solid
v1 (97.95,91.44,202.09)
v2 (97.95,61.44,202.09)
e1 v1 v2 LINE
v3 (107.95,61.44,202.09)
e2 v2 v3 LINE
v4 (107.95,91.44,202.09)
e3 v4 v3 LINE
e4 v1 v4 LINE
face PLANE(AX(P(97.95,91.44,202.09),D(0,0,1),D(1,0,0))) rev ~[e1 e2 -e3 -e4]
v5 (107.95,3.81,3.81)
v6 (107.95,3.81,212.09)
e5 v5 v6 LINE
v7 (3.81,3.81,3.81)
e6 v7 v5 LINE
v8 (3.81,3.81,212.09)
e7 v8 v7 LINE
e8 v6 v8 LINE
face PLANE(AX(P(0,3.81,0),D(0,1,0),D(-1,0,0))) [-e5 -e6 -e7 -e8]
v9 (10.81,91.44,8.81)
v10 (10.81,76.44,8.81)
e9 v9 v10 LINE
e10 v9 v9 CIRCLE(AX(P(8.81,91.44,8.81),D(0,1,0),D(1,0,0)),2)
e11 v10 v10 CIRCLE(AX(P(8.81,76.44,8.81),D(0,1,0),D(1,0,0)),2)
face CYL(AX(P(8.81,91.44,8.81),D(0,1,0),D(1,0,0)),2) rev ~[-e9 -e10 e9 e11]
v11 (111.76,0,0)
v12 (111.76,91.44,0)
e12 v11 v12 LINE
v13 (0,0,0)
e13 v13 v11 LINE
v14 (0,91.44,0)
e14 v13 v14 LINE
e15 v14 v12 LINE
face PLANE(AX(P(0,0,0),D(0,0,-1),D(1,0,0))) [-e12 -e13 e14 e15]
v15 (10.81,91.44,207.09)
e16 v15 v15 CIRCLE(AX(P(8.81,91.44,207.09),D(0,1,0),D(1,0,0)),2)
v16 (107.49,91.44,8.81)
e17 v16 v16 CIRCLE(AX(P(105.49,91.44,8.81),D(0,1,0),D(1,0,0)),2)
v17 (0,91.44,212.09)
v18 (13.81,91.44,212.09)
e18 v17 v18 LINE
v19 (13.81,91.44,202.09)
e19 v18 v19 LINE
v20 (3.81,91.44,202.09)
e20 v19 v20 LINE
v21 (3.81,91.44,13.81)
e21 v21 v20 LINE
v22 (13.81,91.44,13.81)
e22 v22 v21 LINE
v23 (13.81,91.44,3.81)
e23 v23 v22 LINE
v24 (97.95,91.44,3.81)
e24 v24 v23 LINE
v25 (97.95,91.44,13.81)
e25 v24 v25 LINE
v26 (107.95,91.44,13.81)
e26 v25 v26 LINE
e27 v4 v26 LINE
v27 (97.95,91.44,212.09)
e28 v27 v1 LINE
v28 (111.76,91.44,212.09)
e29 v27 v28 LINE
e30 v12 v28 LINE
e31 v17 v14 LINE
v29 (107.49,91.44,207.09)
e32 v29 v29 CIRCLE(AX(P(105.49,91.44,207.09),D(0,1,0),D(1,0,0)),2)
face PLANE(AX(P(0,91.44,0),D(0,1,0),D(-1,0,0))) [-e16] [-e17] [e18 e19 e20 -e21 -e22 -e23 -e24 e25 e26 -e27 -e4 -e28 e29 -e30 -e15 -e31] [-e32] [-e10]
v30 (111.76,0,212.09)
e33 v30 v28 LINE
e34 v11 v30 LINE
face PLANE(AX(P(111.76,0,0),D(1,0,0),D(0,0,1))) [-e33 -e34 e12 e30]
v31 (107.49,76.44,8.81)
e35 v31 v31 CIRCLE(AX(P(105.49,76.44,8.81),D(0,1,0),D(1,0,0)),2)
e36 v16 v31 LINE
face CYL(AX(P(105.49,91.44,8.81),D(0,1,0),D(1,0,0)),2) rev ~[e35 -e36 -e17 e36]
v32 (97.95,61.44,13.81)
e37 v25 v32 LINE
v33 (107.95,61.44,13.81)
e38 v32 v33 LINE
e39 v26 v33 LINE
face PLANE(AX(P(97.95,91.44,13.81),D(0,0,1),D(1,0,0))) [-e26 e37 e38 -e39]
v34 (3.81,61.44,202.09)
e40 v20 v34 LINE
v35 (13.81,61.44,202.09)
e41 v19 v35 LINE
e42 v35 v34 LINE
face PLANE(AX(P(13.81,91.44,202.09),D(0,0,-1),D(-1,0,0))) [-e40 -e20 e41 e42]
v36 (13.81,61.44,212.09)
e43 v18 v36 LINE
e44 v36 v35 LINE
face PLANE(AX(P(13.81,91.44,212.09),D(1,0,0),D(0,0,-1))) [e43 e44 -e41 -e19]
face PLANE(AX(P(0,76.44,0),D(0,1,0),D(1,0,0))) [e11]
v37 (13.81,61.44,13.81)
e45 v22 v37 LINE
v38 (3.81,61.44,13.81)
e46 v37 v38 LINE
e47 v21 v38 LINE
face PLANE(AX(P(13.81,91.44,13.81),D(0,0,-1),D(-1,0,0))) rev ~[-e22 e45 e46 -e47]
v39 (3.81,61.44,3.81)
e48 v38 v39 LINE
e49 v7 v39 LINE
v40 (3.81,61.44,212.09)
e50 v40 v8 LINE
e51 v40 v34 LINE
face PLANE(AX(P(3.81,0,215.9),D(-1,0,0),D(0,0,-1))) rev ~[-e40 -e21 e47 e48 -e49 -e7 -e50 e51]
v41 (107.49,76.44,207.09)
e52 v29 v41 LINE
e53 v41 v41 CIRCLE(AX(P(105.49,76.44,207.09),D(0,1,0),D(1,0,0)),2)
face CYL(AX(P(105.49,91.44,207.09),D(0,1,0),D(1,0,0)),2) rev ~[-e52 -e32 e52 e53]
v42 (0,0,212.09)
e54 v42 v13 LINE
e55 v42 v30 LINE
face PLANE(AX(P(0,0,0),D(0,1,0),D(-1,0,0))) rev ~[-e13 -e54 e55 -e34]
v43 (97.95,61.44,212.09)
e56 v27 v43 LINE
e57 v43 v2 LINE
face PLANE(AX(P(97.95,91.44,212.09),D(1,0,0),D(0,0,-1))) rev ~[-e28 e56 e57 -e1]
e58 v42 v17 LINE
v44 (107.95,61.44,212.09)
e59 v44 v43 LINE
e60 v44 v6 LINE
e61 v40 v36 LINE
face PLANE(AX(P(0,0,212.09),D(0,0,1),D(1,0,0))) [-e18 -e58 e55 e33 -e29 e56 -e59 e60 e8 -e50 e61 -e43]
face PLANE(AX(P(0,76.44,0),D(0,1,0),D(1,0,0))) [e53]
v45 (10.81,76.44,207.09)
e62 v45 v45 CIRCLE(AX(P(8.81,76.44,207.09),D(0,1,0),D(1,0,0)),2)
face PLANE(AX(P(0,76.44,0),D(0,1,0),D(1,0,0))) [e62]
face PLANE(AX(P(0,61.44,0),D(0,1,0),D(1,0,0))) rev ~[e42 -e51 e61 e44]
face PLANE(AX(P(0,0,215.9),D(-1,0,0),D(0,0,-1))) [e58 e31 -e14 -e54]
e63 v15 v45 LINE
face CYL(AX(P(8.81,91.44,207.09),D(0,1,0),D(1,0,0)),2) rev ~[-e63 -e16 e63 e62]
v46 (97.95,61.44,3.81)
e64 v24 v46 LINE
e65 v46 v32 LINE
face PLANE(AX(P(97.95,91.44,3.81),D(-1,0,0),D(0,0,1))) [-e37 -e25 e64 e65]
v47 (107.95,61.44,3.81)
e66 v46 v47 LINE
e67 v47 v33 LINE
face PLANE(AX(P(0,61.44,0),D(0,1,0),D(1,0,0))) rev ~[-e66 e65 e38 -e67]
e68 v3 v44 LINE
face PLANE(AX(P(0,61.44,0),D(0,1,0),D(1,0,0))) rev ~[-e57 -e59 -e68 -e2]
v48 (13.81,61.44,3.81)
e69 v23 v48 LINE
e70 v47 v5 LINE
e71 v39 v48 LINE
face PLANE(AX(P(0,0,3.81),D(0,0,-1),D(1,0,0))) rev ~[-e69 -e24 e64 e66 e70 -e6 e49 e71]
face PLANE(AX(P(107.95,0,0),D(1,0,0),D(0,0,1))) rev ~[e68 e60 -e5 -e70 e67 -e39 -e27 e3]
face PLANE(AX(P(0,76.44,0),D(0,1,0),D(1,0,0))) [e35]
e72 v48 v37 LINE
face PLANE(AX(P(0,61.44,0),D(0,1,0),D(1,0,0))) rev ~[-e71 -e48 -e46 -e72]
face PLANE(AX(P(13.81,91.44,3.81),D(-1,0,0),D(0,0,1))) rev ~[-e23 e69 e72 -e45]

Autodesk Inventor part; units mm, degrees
ref_plane "YZ Plane" through (0, 0, 0) normal (1, 0, 0) x (0, 1, 0)
ref_plane "XZ Plane" through (0, 0, 0) normal (0, 1, 0) x (-1, 0, 0)
ref_plane "XY Plane" through (0, 0, 0) normal (0, 0, 1) x (1, 0, 0)
sketch "Sketch1" plane through (0, 0, 0) normal (0, 1, 0) x (-1, 0, 0)
  line L0 (0, 0) -> (-111.76, 0)
  line L1 (-111.76, 0) -> (-111.76, 215.9)
  line L2 (-111.76, 215.9) -> (0, 215.9)
  line L3 (0, 215.9) -> (0, 0)
  dimension "d0" = 111.76
  dimension "d1" = 215.9
extrude "Extrusion1" add sketch "Sketch1" along normal blind 91.44
shell "Shell1" thickness 3.81 removed faces 1 at (37.2533, 91.44, 71.9667)
sketch "Sketch2" plane through (0, 0, 215.9) normal (0, 0, 1) x (1, 0, 0)
  line L0 (0, 0) -> (111.76, 0) projected
  line L1 (111.76, 0) -> (111.76, 91.44) projected
  line L2 (0, 91.44) -> (111.76, 91.44) projected
  line L3 (0, 0) -> (0, 91.44) projected
  point P0 (0, 0)
extrude "Extrusion2" cut sketch "Sketch2" against normal up to surface (3.81 mm away)
sketch "Sketch3" plane through (0, 0, 0) normal (0, -1, 0) x (1, 0, 0)
  line L0 (111.76, 212.09) -> (0, 212.09) projected
  line L1 (0, 0) -> (0, 212.09) projected
  line L2 (111.76, 212.09) -> (111.76, 0) projected
  line L3 (111.76, 212.09) -> (0, 212.09) projected
  line L4 (0, 0) -> (0, 212.09) projected
  line L5 (111.76, 0) -> (0, 0) projected
  line L6 (111.76, 212.09) -> (111.76, 0) projected
  line L7 (111.76, 212.09) -> (111.76, 0) projected
  line L8 (0, 0) -> (0, 212.09) projected
  spline S0 degree 4 poles (111.76, 85.3366) (95.0927, 139.8259) (66.5153, -13.509) (18.6749, 203.0999) (15.6726, 63.615) (0, 106.045) knots 0 0 0 0 0 0.532853 1 1 1 1 1
  point P0 (85.9461, 95.2827)
  point P1 (57.1117, 86.6573)
  point P2 (28.3059, 111.5489)
  point P3 (15.0905, 97.7863)
  point P4 (0, 106.045)
  point P5 (111.76, 85.3366)
sketch "Sketch4" plane through (0, 91.44, 0) normal (0, 1, 0) x (1, 0, 0)
  line L0 (3.81, -212.09) -> (3.81, -3.81) projected
  line L1 (3.81, -3.81) -> (107.95, -3.81) projected
  line L2 (107.95, -3.81) -> (107.95, -212.09) projected
  line L3 (107.95, -3.81) -> (3.81, -3.81) projected
  line L4 (3.81, -3.81) -> (13.81, -3.81)
  line L5 (13.81, -3.81) -> (13.81, -13.81)
  line L6 (13.81, -13.81) -> (3.81, -13.81)
  line L7 (3.81, -13.81) -> (3.81, -3.81)
  line L8 (107.95, -3.81) -> (97.95, -3.81)
  line L9 (97.95, -3.81) -> (97.95, -13.81)
  line L10 (97.95, -13.81) -> (107.95, -13.81)
  line L11 (107.95, -13.81) -> (107.95, -3.81)
  line L12 (107.95, -212.09) -> (107.95, -3.81) projected
  line L13 (107.95, -212.09) -> (97.95, -212.09)
  line L14 (97.95, -212.09) -> (97.95, -202.09)
  line L15 (97.95, -202.09) -> (107.95, -202.09)
  line L16 (107.95, -202.09) -> (107.95, -212.09)
  line L17 (3.81, -212.09) -> (13.81, -212.09)
  line L18 (13.81, -212.09) -> (13.81, -202.09)
  line L19 (13.81, -202.09) -> (3.81, -202.09)
  line L20 (3.81, -202.09) -> (3.81, -212.09)
  point P0 (3.81, -202.09)
  point P1 (97.95, -3.81)
  dimension "d9" = 10
  dimension "d10" = 10
  dimension "d11" = 10
  dimension "d12" = 10
  dimension "d13" = 10
  dimension "d14" = 10
  dimension "d15" = 10
  dimension "d16" = 10
extrude "Extrusion4" add sketch "Sketch4" against normal blind 30
sketch "Sketch5" plane through (0, 91.44, 0) normal (0, 1, 0) x (1, 0, 0)
  circle A0 centre (8.81, -8.81) radius 2
  circle A1 centre (105.49, -8.81) radius 2
  circle A2 centre (105.49, -207.09) radius 2
  circle A3 centre (8.81, -207.09) radius 2
  dimension "d19" = 4
  dimension "d20" = 4
  dimension "d21" = 4
  dimension "d22" = 4
extrude "Extrusion5" cut sketch "Sketch5" against normal blind 15
